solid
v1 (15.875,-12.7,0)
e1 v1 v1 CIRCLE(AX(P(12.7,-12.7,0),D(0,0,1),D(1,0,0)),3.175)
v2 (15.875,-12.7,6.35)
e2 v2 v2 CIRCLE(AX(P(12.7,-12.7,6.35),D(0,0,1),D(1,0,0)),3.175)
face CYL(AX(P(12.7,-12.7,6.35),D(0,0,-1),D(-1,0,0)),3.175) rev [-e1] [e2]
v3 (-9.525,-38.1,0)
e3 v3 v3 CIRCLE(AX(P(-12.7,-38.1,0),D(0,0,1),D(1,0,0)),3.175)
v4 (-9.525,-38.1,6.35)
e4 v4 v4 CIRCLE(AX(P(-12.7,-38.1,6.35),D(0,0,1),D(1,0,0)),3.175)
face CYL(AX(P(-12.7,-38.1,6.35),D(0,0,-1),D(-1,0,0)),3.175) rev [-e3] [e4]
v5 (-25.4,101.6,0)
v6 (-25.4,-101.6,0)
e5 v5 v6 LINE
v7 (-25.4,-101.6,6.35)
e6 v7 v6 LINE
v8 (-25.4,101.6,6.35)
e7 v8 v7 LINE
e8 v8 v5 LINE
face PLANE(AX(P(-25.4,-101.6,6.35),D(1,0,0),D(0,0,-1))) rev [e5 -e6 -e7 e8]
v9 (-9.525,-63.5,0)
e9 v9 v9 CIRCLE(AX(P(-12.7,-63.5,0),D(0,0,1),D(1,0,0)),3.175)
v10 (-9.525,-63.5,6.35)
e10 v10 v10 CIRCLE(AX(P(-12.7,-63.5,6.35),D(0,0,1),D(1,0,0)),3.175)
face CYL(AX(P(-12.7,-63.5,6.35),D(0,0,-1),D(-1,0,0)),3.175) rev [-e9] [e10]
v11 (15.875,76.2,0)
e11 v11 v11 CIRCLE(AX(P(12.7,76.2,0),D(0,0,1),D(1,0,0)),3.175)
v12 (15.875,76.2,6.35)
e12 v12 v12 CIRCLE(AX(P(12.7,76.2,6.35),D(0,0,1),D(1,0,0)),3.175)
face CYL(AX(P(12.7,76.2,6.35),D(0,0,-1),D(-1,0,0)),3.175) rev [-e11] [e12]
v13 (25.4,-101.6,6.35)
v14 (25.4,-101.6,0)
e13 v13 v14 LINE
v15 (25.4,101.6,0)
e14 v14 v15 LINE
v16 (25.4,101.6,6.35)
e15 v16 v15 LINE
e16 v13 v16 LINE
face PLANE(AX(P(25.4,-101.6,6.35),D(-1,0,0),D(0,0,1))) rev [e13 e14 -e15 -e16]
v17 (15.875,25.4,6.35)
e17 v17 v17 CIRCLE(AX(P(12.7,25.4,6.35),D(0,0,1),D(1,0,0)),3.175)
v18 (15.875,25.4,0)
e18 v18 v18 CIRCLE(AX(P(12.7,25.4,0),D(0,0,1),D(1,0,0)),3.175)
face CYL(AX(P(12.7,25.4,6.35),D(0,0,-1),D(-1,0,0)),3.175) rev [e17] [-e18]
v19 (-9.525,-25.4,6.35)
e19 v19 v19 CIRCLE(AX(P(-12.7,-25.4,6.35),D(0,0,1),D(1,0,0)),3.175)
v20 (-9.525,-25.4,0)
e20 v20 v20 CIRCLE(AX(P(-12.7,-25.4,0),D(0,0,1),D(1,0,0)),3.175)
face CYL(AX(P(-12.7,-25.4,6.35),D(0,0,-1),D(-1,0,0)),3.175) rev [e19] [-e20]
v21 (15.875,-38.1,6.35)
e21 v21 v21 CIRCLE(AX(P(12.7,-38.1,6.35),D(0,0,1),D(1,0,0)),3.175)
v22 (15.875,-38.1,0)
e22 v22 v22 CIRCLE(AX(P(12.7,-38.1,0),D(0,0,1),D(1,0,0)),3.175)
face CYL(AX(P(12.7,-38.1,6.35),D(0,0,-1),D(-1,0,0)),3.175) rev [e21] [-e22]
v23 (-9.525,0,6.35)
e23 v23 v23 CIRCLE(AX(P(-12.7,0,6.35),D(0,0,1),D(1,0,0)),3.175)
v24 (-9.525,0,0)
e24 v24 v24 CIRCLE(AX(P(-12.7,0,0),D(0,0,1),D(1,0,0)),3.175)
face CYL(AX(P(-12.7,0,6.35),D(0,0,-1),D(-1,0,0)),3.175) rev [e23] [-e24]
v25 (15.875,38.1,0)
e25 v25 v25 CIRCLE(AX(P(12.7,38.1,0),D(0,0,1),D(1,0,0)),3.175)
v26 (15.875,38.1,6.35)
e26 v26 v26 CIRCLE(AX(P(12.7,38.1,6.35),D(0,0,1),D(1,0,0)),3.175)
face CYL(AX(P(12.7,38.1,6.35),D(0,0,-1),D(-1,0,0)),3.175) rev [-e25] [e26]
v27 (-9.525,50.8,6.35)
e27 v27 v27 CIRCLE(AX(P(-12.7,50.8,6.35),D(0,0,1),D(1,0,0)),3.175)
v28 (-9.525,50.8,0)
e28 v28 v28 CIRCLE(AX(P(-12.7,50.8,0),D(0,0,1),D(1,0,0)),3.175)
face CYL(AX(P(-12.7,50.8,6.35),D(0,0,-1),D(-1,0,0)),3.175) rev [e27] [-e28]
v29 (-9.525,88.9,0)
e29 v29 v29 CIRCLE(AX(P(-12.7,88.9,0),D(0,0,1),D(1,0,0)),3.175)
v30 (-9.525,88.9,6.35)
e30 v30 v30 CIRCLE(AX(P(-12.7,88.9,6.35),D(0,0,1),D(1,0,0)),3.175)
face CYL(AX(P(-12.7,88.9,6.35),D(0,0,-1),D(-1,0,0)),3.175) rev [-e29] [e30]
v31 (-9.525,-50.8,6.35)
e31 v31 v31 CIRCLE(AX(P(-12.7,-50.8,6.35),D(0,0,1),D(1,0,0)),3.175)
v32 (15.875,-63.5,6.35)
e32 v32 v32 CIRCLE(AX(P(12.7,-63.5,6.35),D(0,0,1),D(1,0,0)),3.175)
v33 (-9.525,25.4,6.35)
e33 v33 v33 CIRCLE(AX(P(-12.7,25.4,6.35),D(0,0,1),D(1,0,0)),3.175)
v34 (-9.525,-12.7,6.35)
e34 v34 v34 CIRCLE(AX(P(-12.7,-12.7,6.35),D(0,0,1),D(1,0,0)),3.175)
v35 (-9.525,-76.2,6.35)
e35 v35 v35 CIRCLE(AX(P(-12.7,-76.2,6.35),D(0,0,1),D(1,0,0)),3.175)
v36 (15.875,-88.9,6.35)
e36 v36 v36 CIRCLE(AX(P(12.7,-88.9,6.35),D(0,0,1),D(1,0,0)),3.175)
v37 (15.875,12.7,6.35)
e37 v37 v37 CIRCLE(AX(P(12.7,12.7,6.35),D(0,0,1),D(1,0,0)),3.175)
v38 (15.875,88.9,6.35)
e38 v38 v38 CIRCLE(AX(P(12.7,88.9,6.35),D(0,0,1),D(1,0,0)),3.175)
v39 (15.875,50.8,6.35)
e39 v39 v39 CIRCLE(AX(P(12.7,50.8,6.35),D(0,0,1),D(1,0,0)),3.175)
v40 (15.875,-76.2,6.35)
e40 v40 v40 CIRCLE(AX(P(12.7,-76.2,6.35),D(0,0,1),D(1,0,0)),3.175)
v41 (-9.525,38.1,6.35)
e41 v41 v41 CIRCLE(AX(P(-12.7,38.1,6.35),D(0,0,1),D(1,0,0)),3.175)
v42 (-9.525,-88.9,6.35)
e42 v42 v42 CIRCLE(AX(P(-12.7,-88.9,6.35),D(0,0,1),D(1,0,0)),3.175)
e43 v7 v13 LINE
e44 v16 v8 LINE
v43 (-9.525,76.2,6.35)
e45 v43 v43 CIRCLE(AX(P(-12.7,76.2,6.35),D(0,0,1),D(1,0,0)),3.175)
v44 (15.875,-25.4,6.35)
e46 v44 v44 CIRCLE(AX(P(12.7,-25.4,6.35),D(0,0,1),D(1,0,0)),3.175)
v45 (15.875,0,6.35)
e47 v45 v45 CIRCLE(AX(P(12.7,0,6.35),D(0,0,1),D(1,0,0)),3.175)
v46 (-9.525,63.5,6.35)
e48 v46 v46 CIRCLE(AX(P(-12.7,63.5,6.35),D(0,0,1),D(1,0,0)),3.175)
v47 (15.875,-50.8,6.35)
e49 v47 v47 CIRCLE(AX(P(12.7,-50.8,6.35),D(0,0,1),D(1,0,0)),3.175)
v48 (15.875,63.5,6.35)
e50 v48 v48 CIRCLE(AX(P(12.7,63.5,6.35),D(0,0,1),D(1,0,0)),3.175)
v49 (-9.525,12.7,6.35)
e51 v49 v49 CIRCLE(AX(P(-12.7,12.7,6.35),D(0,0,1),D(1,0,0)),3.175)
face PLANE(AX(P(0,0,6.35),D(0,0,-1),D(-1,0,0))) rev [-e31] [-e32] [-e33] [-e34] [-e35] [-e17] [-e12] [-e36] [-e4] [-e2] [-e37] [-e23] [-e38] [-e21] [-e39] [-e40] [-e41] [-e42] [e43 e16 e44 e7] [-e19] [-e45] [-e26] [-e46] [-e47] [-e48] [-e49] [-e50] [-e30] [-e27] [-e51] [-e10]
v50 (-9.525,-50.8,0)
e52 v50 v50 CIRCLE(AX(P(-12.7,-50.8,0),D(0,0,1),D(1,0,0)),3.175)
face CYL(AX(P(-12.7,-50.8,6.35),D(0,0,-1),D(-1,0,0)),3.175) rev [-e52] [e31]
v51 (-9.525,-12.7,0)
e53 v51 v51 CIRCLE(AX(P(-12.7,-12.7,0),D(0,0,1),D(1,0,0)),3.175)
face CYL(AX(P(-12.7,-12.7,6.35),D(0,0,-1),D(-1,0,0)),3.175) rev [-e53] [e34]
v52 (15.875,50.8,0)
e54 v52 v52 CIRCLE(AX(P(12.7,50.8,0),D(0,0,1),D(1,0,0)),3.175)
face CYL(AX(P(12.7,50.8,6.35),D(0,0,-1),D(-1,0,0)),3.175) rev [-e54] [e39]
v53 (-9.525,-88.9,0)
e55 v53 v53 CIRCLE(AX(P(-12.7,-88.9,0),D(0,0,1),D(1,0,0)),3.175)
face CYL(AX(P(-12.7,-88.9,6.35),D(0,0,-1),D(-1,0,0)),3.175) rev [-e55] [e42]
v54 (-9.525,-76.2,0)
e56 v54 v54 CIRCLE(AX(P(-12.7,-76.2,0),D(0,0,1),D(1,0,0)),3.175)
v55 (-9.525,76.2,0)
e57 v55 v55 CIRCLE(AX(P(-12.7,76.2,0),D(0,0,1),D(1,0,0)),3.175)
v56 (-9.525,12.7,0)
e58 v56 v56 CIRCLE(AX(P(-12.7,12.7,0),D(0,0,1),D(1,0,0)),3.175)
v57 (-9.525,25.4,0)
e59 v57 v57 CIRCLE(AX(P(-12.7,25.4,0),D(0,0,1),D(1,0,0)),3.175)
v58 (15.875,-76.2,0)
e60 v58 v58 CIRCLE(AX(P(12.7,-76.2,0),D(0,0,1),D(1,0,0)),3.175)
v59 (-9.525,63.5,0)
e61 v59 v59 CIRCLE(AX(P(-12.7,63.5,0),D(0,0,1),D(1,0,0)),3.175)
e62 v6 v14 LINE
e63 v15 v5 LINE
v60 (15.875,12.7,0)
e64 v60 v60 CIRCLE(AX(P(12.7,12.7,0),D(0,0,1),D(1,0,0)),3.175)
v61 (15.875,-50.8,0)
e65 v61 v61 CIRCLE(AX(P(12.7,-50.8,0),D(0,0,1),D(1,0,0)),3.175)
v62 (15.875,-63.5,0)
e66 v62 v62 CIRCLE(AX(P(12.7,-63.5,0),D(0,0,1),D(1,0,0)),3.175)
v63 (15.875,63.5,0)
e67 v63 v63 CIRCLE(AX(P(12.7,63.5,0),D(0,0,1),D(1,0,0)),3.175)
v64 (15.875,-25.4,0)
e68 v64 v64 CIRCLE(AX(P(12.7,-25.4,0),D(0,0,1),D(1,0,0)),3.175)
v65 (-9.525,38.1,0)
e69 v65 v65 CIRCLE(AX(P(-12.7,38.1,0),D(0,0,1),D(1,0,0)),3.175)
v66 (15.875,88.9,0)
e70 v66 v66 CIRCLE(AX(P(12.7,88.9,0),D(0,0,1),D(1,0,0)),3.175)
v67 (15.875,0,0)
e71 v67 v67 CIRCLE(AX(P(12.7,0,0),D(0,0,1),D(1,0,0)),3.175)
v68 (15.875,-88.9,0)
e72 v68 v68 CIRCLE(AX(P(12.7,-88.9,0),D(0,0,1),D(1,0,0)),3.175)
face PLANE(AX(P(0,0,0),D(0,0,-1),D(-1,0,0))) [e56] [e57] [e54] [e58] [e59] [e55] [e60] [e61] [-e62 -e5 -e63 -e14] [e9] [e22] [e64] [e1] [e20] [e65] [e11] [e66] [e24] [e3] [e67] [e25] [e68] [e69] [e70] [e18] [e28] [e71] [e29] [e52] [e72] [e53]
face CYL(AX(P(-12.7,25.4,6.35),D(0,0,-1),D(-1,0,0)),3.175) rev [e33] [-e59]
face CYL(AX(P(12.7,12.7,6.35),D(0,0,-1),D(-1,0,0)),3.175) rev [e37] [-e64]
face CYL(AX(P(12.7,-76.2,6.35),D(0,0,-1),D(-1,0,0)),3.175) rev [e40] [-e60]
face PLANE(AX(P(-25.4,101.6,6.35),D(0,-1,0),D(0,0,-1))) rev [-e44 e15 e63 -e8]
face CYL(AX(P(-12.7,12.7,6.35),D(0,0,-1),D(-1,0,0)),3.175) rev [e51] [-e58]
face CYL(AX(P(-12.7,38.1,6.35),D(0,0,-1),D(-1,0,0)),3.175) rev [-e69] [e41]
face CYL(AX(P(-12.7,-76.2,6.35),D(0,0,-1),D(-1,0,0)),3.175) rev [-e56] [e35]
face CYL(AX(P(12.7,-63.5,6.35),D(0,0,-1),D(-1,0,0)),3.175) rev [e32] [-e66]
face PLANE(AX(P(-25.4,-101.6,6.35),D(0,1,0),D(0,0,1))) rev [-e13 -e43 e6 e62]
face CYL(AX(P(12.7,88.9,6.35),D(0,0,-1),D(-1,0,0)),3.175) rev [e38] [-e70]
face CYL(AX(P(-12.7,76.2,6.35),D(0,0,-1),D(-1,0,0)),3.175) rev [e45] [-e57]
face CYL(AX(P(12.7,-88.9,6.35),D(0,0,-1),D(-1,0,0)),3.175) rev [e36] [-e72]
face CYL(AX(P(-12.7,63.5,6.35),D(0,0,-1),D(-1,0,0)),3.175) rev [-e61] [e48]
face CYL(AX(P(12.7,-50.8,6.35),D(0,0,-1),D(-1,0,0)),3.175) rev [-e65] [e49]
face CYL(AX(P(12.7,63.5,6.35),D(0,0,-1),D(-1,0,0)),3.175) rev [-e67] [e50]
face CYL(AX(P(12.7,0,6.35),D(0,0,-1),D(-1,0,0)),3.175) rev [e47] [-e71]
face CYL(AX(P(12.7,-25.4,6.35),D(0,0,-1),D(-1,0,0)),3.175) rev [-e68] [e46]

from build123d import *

# Parameters (mm, degrees)
SKETCH1_W           = 50.8
SKETCH1_H           = 203.2
SKETCH1_R           = 3.175
BOSS_EXTRUDE1_DEPTH = 6.35


with BuildPart() as part:
    # Sketch1 → Boss-Extrude1 (new body)
    with BuildSketch(Plane.XY):
        Rectangle(SKETCH1_W, SKETCH1_H)
        with Locations((-12.7, 88.9)):
            Circle(SKETCH1_R, mode=Mode.SUBTRACT)
        with Locations((12.7, 88.9)):
            Circle(SKETCH1_R, mode=Mode.SUBTRACT)
        with Locations((12.7, 76.2)):
            Circle(SKETCH1_R, mode=Mode.SUBTRACT)
        with Locations((12.7, 63.5)):
            Circle(SKETCH1_R, mode=Mode.SUBTRACT)
        with Locations((12.7, 50.8)):
            Circle(SKETCH1_R, mode=Mode.SUBTRACT)
        with Locations((12.7, 38.1)):
            Circle(SKETCH1_R, mode=Mode.SUBTRACT)
        with Locations((12.7, 25.4)):
            Circle(SKETCH1_R, mode=Mode.SUBTRACT)
        with Locations((12.7, 12.7)):
            Circle(SKETCH1_R, mode=Mode.SUBTRACT)
        with Locations((12.7, 0)):
            Circle(SKETCH1_R, mode=Mode.SUBTRACT)
        with Locations((12.7, -12.7)):
            Circle(SKETCH1_R, mode=Mode.SUBTRACT)
        with Locations((12.7, -25.4)):
            Circle(SKETCH1_R, mode=Mode.SUBTRACT)
        with Locations((12.7, -38.1)):
            Circle(SKETCH1_R, mode=Mode.SUBTRACT)
        with Locations((-12.7, -50.8)):
            Circle(SKETCH1_R, mode=Mode.SUBTRACT)
        with Locations((12.7, -50.8)):
            Circle(SKETCH1_R, mode=Mode.SUBTRACT)
        with Locations((-12.7, -63.5)):
            Circle(SKETCH1_R, mode=Mode.SUBTRACT)
        with Locations((12.7, -63.5)):
            Circle(SKETCH1_R, mode=Mode.SUBTRACT)
        with Locations((-12.7, -76.2)):
            Circle(SKETCH1_R, mode=Mode.SUBTRACT)
        with Locations((12.7, -76.2)):
            Circle(SKETCH1_R, mode=Mode.SUBTRACT)
        with Locations((-12.7, -88.9)):
            Circle(SKETCH1_R, mode=Mode.SUBTRACT)
        with Locations((12.7, -88.9)):
            Circle(SKETCH1_R, mode=Mode.SUBTRACT)
        with Locations((-12.7, 76.2)):
            Circle(SKETCH1_R, mode=Mode.SUBTRACT)
        with Locations((-12.7, 63.5)):
            Circle(SKETCH1_R, mode=Mode.SUBTRACT)
        with Locations((-12.7, 50.8)):
            Circle(SKETCH1_R, mode=Mode.SUBTRACT)
        with Locations((-12.7, 38.1)):
            Circle(SKETCH1_R, mode=Mode.SUBTRACT)
        with Locations((-12.7, 25.4)):
            Circle(SKETCH1_R, mode=Mode.SUBTRACT)
        with Locations((-12.7, 12.7)):
            Circle(SKETCH1_R, mode=Mode.SUBTRACT)
        with Locations((-12.7, 0)):
            Circle(SKETCH1_R, mode=Mode.SUBTRACT)
        with Locations((-12.7, -12.7)):
            Circle(SKETCH1_R, mode=Mode.SUBTRACT)
        with Locations((-12.7, -25.4)):
            Circle(SKETCH1_R, mode=Mode.SUBTRACT)
        with Locations((-12.7, -38.1)):
            Circle(SKETCH1_R, mode=Mode.SUBTRACT)
    extrude(amount=BOSS_EXTRUDE1_DEPTH)


solid = part.part
